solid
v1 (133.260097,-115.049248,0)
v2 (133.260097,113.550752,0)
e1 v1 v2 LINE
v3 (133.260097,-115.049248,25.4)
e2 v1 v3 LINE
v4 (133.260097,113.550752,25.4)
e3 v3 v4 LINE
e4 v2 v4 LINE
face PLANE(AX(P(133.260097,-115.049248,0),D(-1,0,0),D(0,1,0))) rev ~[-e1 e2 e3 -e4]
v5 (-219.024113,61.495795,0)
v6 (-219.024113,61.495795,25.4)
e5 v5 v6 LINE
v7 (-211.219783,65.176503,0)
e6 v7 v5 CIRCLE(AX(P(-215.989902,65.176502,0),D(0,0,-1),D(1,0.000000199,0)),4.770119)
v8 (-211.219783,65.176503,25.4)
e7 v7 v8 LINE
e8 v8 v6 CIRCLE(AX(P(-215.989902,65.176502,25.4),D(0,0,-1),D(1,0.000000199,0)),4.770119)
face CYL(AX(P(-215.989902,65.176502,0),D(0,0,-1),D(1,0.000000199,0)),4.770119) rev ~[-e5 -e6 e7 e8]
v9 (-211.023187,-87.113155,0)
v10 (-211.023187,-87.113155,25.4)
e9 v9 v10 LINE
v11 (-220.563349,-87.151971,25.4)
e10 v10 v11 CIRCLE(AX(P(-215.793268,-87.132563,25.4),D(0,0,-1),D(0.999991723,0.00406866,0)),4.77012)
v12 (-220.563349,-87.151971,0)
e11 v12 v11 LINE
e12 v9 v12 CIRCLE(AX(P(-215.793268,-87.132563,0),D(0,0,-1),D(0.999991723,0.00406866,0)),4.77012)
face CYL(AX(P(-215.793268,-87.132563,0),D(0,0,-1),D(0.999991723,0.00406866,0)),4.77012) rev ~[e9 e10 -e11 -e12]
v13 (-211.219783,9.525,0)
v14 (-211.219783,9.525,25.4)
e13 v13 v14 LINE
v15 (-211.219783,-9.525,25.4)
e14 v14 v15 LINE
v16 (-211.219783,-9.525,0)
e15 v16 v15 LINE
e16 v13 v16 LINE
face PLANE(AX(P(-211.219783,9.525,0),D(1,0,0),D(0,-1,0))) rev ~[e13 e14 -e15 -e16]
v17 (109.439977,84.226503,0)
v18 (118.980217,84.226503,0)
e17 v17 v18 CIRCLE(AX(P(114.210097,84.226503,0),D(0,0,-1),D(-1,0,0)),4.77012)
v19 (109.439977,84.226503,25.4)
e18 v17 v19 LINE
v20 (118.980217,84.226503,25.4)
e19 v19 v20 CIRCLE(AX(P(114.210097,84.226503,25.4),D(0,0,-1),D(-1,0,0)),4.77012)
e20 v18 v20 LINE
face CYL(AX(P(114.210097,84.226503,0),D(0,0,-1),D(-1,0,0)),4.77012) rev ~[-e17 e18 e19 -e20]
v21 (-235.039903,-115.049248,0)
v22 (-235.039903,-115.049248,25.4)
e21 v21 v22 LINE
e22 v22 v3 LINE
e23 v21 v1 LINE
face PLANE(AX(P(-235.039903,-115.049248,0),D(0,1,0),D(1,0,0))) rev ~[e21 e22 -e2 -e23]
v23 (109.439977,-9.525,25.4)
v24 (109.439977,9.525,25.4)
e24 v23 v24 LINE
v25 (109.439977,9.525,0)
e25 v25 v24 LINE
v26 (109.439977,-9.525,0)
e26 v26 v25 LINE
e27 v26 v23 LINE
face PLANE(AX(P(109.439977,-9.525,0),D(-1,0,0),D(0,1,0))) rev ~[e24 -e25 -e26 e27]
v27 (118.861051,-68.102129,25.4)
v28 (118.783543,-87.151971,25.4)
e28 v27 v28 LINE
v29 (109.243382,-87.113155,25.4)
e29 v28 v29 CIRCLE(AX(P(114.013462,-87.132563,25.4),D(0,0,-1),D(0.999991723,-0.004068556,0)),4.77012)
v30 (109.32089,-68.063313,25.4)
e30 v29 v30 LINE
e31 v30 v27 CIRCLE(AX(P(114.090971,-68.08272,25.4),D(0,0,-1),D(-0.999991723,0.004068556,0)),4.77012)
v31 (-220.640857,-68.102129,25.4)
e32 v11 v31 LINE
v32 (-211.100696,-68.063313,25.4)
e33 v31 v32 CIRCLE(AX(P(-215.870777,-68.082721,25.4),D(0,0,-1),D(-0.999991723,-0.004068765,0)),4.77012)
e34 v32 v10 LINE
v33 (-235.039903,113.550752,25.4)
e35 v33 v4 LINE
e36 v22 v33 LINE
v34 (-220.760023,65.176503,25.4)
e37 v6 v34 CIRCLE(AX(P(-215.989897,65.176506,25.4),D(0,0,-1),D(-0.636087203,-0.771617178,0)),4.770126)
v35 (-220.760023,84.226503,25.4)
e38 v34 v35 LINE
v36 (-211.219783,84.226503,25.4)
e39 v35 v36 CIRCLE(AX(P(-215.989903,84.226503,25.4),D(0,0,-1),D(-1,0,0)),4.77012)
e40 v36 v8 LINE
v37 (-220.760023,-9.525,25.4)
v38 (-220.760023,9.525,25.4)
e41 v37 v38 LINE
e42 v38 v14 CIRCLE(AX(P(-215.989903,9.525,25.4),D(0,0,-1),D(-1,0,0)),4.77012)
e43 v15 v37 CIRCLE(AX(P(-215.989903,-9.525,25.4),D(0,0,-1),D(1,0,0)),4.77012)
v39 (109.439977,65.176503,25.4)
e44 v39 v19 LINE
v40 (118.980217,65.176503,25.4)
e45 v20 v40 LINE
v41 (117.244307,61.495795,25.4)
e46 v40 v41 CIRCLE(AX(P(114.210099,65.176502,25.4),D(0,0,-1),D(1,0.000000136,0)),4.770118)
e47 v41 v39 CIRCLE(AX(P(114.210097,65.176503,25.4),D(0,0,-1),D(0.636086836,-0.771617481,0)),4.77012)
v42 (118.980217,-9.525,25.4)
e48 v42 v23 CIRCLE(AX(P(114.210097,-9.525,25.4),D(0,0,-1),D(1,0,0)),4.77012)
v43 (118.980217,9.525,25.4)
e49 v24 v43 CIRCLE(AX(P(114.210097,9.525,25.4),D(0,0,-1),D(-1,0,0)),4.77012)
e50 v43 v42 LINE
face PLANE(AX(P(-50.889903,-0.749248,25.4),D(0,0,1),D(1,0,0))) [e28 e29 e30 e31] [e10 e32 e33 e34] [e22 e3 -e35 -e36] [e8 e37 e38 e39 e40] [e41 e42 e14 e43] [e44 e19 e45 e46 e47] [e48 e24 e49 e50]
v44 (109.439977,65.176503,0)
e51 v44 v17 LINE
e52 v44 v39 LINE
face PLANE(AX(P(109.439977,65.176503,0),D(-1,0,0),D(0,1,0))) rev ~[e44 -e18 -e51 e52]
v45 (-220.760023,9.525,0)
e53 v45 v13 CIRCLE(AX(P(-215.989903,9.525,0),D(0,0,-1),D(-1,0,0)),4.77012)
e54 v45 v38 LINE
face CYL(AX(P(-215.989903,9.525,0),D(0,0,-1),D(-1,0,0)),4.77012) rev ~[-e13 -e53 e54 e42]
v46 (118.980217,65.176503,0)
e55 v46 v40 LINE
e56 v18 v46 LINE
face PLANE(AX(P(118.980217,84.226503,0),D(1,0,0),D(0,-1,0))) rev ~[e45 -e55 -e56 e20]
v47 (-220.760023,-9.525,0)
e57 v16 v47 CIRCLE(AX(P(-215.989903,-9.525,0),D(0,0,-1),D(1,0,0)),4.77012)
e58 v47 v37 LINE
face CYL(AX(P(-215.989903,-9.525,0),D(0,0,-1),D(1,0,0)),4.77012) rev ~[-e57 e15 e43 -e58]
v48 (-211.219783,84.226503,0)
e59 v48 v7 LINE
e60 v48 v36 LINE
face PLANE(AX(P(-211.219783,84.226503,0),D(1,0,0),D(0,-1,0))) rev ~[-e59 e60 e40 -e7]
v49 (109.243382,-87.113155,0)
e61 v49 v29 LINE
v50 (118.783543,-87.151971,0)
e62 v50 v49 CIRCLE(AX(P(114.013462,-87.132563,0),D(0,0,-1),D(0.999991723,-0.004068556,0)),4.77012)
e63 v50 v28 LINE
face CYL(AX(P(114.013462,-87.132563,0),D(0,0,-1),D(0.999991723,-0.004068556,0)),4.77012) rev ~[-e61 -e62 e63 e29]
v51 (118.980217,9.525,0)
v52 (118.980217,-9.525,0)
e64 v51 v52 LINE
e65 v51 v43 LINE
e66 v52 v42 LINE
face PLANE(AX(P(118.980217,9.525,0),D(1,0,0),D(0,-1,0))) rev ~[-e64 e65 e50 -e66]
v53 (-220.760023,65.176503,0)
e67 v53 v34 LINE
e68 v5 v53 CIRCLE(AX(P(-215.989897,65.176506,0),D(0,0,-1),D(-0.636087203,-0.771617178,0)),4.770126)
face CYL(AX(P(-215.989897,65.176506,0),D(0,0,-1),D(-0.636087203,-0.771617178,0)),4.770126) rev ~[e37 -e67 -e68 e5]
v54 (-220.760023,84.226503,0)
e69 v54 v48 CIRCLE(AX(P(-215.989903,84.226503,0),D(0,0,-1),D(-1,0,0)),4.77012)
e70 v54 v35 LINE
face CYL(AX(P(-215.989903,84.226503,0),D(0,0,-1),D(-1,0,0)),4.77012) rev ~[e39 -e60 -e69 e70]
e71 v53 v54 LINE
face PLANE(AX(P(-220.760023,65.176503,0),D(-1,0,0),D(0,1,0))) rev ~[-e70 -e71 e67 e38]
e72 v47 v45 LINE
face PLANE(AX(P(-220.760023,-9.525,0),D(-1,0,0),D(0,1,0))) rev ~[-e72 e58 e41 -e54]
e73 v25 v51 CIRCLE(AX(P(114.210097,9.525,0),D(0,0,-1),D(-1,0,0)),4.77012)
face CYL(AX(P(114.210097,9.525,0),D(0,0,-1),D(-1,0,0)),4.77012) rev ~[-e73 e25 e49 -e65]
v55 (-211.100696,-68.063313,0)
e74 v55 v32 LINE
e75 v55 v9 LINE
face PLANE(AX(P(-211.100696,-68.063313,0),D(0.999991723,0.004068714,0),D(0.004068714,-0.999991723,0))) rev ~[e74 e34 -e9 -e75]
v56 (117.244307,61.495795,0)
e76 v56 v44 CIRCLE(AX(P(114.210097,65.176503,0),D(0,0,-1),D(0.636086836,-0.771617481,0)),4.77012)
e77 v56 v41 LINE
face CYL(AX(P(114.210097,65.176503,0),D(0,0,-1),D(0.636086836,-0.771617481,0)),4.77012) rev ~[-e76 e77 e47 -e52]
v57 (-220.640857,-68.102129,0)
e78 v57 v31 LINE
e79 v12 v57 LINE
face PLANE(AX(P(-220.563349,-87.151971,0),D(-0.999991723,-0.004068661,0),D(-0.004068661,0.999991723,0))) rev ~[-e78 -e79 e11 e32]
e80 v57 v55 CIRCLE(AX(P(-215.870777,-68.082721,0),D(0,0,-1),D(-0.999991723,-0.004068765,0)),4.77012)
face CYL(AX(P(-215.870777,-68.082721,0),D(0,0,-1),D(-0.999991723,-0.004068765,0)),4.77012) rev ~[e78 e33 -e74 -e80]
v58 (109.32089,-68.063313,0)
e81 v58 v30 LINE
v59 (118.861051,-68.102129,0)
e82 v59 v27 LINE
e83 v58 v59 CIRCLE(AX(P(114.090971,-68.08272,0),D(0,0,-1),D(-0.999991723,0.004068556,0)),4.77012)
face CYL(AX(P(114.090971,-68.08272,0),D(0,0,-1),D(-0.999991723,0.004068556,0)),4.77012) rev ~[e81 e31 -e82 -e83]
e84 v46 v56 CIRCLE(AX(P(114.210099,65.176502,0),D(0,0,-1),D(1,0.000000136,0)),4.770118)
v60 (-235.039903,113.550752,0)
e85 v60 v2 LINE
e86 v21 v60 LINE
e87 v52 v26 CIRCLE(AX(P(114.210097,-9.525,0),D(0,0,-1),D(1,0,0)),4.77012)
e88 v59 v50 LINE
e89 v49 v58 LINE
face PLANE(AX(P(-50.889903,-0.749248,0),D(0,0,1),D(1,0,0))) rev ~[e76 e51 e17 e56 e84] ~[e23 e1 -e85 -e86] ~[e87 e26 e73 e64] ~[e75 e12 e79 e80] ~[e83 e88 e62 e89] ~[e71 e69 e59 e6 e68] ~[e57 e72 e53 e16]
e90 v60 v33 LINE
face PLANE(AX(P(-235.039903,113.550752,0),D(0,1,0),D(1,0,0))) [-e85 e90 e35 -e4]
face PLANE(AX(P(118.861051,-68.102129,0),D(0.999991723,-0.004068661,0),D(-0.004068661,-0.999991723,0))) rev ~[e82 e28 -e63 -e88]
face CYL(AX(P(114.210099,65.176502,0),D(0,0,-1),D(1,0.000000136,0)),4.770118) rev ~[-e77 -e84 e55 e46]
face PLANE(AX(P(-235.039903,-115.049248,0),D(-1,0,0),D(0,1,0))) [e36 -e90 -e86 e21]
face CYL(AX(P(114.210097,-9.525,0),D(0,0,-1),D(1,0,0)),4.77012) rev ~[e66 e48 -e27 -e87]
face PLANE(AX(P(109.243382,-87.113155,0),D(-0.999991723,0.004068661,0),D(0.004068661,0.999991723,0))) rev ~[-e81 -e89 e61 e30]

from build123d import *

# Parameters (mm, degrees)
F0_W     = 368.3
F0_H     = 228.6
F1_DEPTH = 25.4


with BuildPart() as f1:
    # F0 (on Top) → F1 (new body)
    with BuildSketch(Plane.XY):
        with Locations((-50.889903, -0.749248)):
            Rectangle(F0_W, F0_H)
        with BuildLine():
            ThreePointArc((-220.640857, -68.102129), (-215.890184, -63.31264), (-211.100696, -68.063313))
            Line((-211.100696, -68.063313), (-211.023187, -87.113155))
            ThreePointArc((-211.023187, -87.113155), (-215.77386, -91.902644), (-220.563349, -87.151971))
            Line((-220.563349, -87.151971), (-220.640857, -68.102129))
        make_face(mode=Mode.SUBTRACT)
        with BuildLine():
            Line((118.861051, -68.102129), (118.783543, -87.151971))
            ThreePointArc((118.783543, -87.151971), (113.994055, -91.902644), (109.243382, -87.113155))
            Line((109.243382, -87.113155), (109.32089, -68.063313))
            ThreePointArc((109.32089, -68.063313), (114.110379, -63.31264), (118.861051, -68.102129))
        make_face(mode=Mode.SUBTRACT)
        with BuildLine():
            Line((-220.760023, -9.525), (-220.760023, 9.525))
            ThreePointArc((-220.760023, 9.525), (-215.989903, 14.29512), (-211.219783, 9.525))
            Line((-211.219783, 9.525), (-211.219783, -9.525))
            ThreePointArc((-211.219783, -9.525), (-215.989903, -14.29512), (-220.760023, -9.525))
        make_face(mode=Mode.SUBTRACT)
        with BuildLine():
            ThreePointArc((-219.024113, 61.495795), (-220.304273, 63.141743), (-220.760023, 65.176503))
            Line((-220.760023, 65.176503), (-220.760023, 84.226503))
            ThreePointArc((-220.760023, 84.226503), (-215.989903, 88.996623), (-211.219783, 84.226503))
            Line((-211.219783, 84.226503), (-211.219783, 65.176503))
            ThreePointArc((-211.219783, 65.176503), (-213.955142, 60.862132), (-219.024113, 61.495795))
        make_face(mode=Mode.SUBTRACT)
        with BuildLine():
            ThreePointArc((109.439977, 9.525), (114.210097, 14.29512), (118.980217, 9.525))
            Line((118.980217, 9.525), (118.980217, -9.525))
            ThreePointArc((118.980217, -9.525), (114.210097, -14.29512), (109.439977, -9.525))
            Line((109.439977, -9.525), (109.439977, 9.525))
        make_face(mode=Mode.SUBTRACT)
        with BuildLine():
            Line((109.439977, 65.176503), (109.439977, 84.226503))
            ThreePointArc((109.439977, 84.226503), (114.210097, 88.996623), (118.980217, 84.226503))
            Line((118.980217, 84.226503), (118.980217, 65.176503))
            ThreePointArc((118.980217, 65.176503), (118.524468, 63.141743), (117.244307, 61.495795))
            ThreePointArc((117.244307, 61.495795), (112.175337, 60.862132), (109.439977, 65.176503))
        make_face(mode=Mode.SUBTRACT)
    extrude(amount=F1_DEPTH)


solid = f1.part
